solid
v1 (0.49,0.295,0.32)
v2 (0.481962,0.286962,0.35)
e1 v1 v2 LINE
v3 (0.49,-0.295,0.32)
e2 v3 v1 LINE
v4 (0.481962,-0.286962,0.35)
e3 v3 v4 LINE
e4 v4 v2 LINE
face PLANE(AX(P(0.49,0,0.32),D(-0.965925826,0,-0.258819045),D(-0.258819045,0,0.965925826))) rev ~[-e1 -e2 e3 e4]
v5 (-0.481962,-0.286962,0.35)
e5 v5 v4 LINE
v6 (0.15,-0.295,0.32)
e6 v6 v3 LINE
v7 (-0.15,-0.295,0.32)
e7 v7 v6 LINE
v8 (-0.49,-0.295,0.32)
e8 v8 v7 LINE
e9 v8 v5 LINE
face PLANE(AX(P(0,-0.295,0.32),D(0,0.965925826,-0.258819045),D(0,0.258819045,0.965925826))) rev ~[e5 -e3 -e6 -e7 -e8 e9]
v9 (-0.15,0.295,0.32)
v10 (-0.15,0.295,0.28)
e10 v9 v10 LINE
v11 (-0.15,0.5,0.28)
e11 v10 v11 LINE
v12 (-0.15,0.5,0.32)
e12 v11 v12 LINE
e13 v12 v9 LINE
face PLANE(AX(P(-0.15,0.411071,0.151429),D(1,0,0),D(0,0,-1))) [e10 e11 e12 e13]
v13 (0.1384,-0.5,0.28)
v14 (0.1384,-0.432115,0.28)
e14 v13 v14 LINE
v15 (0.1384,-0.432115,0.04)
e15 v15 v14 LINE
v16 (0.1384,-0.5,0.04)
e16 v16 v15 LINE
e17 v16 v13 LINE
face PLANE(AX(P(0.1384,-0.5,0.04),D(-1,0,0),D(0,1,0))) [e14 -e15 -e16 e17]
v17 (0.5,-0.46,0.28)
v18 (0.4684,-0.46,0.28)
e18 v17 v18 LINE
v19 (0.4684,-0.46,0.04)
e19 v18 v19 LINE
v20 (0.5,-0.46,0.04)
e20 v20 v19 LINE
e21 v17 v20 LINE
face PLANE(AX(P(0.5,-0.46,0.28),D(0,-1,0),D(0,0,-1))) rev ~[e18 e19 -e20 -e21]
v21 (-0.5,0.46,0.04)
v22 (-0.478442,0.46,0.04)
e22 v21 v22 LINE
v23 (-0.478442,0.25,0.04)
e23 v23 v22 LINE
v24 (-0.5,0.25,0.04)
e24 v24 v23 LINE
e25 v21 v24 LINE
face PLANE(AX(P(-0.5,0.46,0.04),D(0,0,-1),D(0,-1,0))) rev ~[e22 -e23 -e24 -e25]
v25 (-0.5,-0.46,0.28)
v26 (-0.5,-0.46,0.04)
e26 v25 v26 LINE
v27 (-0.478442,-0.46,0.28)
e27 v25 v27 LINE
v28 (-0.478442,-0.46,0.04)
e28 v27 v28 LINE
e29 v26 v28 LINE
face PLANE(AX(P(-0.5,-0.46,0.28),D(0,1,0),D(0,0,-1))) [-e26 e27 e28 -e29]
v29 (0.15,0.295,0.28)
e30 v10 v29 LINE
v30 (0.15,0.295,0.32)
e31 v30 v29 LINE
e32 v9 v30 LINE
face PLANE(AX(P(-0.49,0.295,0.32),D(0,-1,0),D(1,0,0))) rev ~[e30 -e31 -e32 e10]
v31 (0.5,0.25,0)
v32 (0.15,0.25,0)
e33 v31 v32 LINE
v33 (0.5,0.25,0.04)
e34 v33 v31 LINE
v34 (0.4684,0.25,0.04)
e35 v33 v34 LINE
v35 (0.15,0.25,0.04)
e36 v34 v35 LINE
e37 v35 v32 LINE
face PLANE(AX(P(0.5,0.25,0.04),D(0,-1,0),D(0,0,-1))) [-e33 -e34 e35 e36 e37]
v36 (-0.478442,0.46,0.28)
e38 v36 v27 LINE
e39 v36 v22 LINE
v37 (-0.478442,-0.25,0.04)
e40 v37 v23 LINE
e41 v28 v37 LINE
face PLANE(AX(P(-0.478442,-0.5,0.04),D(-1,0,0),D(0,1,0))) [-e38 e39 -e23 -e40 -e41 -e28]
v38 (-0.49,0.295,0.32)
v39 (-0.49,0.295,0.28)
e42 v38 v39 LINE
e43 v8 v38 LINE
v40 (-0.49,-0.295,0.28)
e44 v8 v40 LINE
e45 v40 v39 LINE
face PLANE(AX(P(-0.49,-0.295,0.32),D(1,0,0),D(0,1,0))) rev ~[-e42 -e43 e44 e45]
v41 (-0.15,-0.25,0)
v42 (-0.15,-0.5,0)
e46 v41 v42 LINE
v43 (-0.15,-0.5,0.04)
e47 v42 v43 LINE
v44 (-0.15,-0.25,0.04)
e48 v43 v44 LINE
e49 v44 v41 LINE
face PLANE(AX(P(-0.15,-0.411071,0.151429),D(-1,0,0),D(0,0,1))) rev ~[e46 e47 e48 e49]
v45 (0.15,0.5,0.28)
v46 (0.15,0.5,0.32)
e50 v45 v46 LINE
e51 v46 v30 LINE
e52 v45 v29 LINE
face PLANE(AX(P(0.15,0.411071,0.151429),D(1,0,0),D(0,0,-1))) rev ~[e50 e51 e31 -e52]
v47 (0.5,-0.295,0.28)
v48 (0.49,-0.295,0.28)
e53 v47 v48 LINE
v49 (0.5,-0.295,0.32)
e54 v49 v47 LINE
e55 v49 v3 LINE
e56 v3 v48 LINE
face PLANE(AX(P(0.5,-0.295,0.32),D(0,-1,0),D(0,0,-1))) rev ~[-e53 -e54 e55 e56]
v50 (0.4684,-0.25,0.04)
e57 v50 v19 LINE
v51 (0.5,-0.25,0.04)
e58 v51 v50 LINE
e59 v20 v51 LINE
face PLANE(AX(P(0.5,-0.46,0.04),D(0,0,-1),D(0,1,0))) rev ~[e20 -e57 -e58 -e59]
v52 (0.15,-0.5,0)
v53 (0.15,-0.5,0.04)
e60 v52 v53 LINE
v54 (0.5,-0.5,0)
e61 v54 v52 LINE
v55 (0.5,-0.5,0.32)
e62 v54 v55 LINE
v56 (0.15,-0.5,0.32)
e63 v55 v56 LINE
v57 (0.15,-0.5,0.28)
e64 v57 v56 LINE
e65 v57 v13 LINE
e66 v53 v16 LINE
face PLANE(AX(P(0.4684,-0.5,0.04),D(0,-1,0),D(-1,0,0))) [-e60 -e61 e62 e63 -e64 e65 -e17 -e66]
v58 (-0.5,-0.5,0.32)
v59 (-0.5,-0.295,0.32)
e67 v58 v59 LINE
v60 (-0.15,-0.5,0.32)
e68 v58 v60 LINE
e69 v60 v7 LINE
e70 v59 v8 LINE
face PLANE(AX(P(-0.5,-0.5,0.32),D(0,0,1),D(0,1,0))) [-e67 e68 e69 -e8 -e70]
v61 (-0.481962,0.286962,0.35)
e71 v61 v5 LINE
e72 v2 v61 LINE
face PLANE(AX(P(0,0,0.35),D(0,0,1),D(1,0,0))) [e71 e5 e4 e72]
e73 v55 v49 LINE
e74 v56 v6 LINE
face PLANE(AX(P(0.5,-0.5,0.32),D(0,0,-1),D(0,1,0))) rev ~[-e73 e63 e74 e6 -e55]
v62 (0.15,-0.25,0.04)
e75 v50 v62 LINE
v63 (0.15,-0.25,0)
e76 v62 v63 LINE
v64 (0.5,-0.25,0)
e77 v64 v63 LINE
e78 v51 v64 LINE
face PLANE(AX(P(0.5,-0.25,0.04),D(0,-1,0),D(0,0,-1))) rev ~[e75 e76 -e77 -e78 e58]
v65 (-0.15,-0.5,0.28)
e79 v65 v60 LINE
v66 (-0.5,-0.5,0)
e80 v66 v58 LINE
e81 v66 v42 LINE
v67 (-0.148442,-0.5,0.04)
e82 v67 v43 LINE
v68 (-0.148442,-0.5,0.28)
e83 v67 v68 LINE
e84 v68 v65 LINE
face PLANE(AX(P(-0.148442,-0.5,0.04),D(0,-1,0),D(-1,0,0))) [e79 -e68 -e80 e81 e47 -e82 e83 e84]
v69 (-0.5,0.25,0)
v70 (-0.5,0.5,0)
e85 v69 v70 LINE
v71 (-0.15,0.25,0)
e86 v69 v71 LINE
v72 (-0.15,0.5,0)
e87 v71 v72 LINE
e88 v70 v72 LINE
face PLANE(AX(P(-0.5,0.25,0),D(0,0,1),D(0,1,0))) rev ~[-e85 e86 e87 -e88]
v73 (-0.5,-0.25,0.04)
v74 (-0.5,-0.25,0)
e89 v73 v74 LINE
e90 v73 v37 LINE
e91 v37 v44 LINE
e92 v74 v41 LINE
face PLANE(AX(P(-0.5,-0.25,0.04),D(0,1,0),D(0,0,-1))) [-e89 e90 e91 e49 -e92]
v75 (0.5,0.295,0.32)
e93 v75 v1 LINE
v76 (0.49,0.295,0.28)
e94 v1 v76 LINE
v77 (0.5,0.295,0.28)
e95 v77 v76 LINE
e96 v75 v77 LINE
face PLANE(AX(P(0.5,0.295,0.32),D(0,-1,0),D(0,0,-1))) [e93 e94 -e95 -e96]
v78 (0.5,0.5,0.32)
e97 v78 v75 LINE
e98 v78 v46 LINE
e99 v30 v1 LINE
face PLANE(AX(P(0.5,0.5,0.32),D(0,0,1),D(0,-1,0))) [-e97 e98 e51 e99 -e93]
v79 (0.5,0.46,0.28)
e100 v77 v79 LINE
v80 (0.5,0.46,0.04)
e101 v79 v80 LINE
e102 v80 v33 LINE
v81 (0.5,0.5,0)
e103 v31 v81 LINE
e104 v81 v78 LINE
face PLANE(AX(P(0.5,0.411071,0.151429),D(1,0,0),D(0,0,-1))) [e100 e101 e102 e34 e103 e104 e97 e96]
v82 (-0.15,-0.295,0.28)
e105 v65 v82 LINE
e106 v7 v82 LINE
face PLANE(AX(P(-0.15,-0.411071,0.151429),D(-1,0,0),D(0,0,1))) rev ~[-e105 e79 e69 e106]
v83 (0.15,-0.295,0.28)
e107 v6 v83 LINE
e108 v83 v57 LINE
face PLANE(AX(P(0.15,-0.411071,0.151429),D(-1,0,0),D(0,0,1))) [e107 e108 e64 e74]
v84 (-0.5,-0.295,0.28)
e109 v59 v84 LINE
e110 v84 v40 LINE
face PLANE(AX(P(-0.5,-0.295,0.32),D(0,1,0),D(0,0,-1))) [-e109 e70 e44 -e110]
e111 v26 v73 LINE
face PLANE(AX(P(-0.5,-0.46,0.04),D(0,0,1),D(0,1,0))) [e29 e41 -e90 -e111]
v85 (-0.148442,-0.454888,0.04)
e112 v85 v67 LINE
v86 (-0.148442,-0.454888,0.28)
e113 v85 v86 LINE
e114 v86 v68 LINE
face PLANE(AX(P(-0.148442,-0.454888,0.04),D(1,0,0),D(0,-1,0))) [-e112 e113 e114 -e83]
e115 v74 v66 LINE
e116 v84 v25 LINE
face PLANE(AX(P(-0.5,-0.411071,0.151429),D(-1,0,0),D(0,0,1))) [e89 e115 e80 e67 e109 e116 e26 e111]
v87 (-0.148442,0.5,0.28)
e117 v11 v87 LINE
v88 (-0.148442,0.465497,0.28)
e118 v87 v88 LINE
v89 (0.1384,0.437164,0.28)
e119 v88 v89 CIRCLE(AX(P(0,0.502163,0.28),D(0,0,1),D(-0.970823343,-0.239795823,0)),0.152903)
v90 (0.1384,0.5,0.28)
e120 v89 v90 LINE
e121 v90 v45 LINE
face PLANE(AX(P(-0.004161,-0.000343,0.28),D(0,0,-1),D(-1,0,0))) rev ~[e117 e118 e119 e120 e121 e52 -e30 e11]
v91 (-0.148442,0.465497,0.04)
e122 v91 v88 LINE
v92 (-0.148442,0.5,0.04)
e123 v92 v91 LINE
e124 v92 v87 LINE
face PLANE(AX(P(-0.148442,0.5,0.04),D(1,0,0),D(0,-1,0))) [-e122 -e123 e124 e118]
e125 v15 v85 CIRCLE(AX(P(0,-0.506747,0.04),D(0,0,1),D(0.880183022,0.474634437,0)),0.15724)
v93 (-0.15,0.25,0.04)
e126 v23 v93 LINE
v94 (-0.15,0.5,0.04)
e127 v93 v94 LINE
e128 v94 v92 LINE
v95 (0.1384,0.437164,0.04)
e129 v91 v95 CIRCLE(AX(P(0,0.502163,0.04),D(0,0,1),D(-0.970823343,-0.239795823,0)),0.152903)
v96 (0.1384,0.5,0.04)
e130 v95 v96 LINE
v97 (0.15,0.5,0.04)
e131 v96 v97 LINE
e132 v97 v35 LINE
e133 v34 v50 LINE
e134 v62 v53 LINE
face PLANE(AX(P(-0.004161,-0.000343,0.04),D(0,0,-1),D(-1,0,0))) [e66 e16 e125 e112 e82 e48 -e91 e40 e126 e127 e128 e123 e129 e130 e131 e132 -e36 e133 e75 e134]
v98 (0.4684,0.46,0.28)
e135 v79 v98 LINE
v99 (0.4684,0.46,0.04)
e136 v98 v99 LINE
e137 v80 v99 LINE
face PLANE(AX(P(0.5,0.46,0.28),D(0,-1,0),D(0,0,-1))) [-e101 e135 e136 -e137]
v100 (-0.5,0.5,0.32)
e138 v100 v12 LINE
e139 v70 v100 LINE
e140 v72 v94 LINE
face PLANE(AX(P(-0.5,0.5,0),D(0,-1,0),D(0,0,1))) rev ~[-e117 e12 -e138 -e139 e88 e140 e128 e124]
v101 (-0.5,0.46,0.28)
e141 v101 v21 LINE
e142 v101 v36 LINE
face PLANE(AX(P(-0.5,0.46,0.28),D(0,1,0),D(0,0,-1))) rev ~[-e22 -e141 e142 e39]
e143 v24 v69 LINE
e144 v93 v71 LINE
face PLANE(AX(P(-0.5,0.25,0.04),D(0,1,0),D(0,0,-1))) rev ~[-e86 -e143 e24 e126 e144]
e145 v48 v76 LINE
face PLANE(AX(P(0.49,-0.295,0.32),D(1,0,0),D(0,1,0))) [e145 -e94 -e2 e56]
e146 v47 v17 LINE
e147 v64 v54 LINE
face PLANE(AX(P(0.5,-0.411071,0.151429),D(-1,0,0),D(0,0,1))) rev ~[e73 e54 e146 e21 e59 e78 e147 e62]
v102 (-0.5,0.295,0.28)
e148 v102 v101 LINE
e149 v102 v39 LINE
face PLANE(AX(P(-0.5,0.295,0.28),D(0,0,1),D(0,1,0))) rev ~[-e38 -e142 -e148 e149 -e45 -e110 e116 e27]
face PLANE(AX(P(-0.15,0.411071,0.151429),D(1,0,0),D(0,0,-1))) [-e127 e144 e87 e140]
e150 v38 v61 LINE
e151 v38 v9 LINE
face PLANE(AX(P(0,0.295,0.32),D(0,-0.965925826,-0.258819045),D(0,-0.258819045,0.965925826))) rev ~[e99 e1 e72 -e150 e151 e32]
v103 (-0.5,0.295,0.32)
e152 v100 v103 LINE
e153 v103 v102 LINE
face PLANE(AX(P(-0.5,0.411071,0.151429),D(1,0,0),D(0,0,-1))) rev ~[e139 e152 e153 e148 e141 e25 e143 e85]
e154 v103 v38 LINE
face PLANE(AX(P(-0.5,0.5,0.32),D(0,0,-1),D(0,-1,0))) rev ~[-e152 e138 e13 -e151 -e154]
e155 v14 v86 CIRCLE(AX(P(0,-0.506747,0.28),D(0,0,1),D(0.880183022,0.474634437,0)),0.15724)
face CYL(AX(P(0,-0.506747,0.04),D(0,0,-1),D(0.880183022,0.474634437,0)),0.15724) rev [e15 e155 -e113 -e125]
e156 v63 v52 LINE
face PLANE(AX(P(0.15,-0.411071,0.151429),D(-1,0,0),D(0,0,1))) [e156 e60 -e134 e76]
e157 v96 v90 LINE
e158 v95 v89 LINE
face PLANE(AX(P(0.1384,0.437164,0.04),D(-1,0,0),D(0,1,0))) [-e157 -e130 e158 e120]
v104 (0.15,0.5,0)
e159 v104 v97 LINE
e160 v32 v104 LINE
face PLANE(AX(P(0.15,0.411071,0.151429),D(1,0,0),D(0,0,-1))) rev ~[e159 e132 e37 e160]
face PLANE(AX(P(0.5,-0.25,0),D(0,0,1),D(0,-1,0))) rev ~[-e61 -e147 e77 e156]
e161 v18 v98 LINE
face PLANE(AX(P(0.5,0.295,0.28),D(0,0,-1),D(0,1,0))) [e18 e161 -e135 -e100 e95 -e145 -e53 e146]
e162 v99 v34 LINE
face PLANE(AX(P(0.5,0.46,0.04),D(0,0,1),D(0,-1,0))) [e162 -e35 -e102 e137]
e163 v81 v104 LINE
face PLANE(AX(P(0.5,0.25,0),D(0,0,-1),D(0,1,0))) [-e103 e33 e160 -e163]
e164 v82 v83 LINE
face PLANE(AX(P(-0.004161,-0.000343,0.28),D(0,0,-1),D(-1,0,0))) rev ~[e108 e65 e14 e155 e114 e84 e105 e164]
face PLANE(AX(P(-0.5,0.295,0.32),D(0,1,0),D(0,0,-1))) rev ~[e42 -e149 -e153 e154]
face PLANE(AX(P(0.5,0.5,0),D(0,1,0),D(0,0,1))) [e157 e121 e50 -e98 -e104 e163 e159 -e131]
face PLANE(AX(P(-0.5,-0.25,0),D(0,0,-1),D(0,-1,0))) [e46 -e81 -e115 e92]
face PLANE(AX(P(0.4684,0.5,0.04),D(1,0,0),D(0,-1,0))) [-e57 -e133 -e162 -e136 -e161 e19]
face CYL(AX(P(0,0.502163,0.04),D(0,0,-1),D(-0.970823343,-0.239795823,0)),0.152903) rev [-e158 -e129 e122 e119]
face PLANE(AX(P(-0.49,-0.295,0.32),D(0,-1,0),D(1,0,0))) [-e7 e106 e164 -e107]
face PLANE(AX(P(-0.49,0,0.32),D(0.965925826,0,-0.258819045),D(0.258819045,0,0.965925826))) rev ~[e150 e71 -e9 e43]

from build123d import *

# Parameters (mm, degrees)
EXTRUDE_START               = 0.04
EXTRUDE_1_DEPTH             = 0.24
EXTRUDE_START_2             = 0.32
SKETCH_2_W                  = 0.98
SKETCH_2_H                  = 0.59
EXTRUDE_1_2_DEPTH           = 0.03
EXTRUDE_1_2_TAPER           = 15
EXTRUDE_1_2_OTHER_WAY_DEPTH = 0.04
EXTRUDE_START_3             = -0.5
EXTRUDE_4_DEPTH             = 0.35
EXTRUDE_START_4             = 0.5
EXTRUDE_5_DEPTH             = 0.35


with BuildPart() as part:
    # Эскиз1 → Extrude 1 (new body)
    with BuildSketch(Plane.XY.offset(EXTRUDE_START)):
        with BuildLine():
            Line((-0.148442184, 0.5), (-0.148442184, 0.465497277))
            ThreePointArc((-0.148442184, 0.465497277), (-0.015030241, 0.35), (0.138400017, 0.437163772))
            Line((0.138400017, 0.437163772), (0.138400017, 0.5))
            Line((0.138400017, 0.5), (0.468400017, 0.5))
            Line((0.468400017, 0.5), (0.468400017, -0.5))
            Line((0.468400017, -0.5), (0.138400017, -0.5))
            Line((0.138400017, -0.5), (0.138400017, -0.432115302))
            ThreePointArc((0.138400017, -0.432115302), (-0.01244424, -0.35), (-0.148442184, -0.454887902))
            Line((-0.148442184, -0.454887902), (-0.148442184, -0.5))
            Line((-0.148442184, -0.5), (-0.478442184, -0.5))
            Line((-0.478442184, -0.5), (-0.478442184, 0.5))
            Line((-0.478442184, 0.5), (-0.148442184, 0.5))
        make_face()
    extrude(amount=EXTRUDE_1_DEPTH)

    # Эскиз2 → Extrude 1 2 (add)
    with BuildSketch(Plane.XY.offset(EXTRUDE_START_2)):
        Rectangle(SKETCH_2_W, SKETCH_2_H)
    extrude(amount=EXTRUDE_1_2_DEPTH, taper=EXTRUDE_1_2_TAPER)

    # Эскиз2 → Extrude 1 2 other way (add)
    with BuildSketch(Plane.XY.offset(EXTRUDE_START_2)):
        Rectangle(SKETCH_2_W, SKETCH_2_H)
    extrude(amount=-EXTRUDE_1_2_OTHER_WAY_DEPTH)

    # Эскиз3<2> → Бобышка-Вытянуть4 (add)
    with BuildSketch(Plane(origin=(0, 0, 0), x_dir=(0, 0, -1), z_dir=(1, 0, 0)).offset(EXTRUDE_START_3)):
        Polygon((-0.32, 0.295), (-0.28, 0.295), (-0.28, 0.46), (-0.04, 0.46), (-0.04, 0.25), (0, 0.25), (0, 0.5), (-0.32, 0.5), align=None)
        Polygon((-0.04, -0.25), (0, -0.25), (0, -0.5), (-0.32, -0.5), (-0.32, -0.295), (-0.28, -0.295), (-0.28, -0.46), (-0.04, -0.46), align=None)
    extrude(amount=EXTRUDE_4_DEPTH)

    # Эскиз3 → Бобышка-Вытянуть5 (add)
    with BuildSketch(Plane(origin=(0, 0, 0), x_dir=(0, 0, -1), z_dir=(1, 0, 0)).offset(EXTRUDE_START_4)):
        Polygon((-0.32, 0.295), (-0.28, 0.295), (-0.28, 0.46), (-0.04, 0.46), (-0.04, 0.25), (0, 0.25), (0, 0.5), (-0.32, 0.5), align=None)
        Polygon((-0.04, -0.25), (0, -0.25), (0, -0.5), (-0.32, -0.5), (-0.32, -0.295), (-0.28, -0.295), (-0.28, -0.46), (-0.04, -0.46), align=None)
    extrude(amount=-EXTRUDE_5_DEPTH)


solid = part.part
